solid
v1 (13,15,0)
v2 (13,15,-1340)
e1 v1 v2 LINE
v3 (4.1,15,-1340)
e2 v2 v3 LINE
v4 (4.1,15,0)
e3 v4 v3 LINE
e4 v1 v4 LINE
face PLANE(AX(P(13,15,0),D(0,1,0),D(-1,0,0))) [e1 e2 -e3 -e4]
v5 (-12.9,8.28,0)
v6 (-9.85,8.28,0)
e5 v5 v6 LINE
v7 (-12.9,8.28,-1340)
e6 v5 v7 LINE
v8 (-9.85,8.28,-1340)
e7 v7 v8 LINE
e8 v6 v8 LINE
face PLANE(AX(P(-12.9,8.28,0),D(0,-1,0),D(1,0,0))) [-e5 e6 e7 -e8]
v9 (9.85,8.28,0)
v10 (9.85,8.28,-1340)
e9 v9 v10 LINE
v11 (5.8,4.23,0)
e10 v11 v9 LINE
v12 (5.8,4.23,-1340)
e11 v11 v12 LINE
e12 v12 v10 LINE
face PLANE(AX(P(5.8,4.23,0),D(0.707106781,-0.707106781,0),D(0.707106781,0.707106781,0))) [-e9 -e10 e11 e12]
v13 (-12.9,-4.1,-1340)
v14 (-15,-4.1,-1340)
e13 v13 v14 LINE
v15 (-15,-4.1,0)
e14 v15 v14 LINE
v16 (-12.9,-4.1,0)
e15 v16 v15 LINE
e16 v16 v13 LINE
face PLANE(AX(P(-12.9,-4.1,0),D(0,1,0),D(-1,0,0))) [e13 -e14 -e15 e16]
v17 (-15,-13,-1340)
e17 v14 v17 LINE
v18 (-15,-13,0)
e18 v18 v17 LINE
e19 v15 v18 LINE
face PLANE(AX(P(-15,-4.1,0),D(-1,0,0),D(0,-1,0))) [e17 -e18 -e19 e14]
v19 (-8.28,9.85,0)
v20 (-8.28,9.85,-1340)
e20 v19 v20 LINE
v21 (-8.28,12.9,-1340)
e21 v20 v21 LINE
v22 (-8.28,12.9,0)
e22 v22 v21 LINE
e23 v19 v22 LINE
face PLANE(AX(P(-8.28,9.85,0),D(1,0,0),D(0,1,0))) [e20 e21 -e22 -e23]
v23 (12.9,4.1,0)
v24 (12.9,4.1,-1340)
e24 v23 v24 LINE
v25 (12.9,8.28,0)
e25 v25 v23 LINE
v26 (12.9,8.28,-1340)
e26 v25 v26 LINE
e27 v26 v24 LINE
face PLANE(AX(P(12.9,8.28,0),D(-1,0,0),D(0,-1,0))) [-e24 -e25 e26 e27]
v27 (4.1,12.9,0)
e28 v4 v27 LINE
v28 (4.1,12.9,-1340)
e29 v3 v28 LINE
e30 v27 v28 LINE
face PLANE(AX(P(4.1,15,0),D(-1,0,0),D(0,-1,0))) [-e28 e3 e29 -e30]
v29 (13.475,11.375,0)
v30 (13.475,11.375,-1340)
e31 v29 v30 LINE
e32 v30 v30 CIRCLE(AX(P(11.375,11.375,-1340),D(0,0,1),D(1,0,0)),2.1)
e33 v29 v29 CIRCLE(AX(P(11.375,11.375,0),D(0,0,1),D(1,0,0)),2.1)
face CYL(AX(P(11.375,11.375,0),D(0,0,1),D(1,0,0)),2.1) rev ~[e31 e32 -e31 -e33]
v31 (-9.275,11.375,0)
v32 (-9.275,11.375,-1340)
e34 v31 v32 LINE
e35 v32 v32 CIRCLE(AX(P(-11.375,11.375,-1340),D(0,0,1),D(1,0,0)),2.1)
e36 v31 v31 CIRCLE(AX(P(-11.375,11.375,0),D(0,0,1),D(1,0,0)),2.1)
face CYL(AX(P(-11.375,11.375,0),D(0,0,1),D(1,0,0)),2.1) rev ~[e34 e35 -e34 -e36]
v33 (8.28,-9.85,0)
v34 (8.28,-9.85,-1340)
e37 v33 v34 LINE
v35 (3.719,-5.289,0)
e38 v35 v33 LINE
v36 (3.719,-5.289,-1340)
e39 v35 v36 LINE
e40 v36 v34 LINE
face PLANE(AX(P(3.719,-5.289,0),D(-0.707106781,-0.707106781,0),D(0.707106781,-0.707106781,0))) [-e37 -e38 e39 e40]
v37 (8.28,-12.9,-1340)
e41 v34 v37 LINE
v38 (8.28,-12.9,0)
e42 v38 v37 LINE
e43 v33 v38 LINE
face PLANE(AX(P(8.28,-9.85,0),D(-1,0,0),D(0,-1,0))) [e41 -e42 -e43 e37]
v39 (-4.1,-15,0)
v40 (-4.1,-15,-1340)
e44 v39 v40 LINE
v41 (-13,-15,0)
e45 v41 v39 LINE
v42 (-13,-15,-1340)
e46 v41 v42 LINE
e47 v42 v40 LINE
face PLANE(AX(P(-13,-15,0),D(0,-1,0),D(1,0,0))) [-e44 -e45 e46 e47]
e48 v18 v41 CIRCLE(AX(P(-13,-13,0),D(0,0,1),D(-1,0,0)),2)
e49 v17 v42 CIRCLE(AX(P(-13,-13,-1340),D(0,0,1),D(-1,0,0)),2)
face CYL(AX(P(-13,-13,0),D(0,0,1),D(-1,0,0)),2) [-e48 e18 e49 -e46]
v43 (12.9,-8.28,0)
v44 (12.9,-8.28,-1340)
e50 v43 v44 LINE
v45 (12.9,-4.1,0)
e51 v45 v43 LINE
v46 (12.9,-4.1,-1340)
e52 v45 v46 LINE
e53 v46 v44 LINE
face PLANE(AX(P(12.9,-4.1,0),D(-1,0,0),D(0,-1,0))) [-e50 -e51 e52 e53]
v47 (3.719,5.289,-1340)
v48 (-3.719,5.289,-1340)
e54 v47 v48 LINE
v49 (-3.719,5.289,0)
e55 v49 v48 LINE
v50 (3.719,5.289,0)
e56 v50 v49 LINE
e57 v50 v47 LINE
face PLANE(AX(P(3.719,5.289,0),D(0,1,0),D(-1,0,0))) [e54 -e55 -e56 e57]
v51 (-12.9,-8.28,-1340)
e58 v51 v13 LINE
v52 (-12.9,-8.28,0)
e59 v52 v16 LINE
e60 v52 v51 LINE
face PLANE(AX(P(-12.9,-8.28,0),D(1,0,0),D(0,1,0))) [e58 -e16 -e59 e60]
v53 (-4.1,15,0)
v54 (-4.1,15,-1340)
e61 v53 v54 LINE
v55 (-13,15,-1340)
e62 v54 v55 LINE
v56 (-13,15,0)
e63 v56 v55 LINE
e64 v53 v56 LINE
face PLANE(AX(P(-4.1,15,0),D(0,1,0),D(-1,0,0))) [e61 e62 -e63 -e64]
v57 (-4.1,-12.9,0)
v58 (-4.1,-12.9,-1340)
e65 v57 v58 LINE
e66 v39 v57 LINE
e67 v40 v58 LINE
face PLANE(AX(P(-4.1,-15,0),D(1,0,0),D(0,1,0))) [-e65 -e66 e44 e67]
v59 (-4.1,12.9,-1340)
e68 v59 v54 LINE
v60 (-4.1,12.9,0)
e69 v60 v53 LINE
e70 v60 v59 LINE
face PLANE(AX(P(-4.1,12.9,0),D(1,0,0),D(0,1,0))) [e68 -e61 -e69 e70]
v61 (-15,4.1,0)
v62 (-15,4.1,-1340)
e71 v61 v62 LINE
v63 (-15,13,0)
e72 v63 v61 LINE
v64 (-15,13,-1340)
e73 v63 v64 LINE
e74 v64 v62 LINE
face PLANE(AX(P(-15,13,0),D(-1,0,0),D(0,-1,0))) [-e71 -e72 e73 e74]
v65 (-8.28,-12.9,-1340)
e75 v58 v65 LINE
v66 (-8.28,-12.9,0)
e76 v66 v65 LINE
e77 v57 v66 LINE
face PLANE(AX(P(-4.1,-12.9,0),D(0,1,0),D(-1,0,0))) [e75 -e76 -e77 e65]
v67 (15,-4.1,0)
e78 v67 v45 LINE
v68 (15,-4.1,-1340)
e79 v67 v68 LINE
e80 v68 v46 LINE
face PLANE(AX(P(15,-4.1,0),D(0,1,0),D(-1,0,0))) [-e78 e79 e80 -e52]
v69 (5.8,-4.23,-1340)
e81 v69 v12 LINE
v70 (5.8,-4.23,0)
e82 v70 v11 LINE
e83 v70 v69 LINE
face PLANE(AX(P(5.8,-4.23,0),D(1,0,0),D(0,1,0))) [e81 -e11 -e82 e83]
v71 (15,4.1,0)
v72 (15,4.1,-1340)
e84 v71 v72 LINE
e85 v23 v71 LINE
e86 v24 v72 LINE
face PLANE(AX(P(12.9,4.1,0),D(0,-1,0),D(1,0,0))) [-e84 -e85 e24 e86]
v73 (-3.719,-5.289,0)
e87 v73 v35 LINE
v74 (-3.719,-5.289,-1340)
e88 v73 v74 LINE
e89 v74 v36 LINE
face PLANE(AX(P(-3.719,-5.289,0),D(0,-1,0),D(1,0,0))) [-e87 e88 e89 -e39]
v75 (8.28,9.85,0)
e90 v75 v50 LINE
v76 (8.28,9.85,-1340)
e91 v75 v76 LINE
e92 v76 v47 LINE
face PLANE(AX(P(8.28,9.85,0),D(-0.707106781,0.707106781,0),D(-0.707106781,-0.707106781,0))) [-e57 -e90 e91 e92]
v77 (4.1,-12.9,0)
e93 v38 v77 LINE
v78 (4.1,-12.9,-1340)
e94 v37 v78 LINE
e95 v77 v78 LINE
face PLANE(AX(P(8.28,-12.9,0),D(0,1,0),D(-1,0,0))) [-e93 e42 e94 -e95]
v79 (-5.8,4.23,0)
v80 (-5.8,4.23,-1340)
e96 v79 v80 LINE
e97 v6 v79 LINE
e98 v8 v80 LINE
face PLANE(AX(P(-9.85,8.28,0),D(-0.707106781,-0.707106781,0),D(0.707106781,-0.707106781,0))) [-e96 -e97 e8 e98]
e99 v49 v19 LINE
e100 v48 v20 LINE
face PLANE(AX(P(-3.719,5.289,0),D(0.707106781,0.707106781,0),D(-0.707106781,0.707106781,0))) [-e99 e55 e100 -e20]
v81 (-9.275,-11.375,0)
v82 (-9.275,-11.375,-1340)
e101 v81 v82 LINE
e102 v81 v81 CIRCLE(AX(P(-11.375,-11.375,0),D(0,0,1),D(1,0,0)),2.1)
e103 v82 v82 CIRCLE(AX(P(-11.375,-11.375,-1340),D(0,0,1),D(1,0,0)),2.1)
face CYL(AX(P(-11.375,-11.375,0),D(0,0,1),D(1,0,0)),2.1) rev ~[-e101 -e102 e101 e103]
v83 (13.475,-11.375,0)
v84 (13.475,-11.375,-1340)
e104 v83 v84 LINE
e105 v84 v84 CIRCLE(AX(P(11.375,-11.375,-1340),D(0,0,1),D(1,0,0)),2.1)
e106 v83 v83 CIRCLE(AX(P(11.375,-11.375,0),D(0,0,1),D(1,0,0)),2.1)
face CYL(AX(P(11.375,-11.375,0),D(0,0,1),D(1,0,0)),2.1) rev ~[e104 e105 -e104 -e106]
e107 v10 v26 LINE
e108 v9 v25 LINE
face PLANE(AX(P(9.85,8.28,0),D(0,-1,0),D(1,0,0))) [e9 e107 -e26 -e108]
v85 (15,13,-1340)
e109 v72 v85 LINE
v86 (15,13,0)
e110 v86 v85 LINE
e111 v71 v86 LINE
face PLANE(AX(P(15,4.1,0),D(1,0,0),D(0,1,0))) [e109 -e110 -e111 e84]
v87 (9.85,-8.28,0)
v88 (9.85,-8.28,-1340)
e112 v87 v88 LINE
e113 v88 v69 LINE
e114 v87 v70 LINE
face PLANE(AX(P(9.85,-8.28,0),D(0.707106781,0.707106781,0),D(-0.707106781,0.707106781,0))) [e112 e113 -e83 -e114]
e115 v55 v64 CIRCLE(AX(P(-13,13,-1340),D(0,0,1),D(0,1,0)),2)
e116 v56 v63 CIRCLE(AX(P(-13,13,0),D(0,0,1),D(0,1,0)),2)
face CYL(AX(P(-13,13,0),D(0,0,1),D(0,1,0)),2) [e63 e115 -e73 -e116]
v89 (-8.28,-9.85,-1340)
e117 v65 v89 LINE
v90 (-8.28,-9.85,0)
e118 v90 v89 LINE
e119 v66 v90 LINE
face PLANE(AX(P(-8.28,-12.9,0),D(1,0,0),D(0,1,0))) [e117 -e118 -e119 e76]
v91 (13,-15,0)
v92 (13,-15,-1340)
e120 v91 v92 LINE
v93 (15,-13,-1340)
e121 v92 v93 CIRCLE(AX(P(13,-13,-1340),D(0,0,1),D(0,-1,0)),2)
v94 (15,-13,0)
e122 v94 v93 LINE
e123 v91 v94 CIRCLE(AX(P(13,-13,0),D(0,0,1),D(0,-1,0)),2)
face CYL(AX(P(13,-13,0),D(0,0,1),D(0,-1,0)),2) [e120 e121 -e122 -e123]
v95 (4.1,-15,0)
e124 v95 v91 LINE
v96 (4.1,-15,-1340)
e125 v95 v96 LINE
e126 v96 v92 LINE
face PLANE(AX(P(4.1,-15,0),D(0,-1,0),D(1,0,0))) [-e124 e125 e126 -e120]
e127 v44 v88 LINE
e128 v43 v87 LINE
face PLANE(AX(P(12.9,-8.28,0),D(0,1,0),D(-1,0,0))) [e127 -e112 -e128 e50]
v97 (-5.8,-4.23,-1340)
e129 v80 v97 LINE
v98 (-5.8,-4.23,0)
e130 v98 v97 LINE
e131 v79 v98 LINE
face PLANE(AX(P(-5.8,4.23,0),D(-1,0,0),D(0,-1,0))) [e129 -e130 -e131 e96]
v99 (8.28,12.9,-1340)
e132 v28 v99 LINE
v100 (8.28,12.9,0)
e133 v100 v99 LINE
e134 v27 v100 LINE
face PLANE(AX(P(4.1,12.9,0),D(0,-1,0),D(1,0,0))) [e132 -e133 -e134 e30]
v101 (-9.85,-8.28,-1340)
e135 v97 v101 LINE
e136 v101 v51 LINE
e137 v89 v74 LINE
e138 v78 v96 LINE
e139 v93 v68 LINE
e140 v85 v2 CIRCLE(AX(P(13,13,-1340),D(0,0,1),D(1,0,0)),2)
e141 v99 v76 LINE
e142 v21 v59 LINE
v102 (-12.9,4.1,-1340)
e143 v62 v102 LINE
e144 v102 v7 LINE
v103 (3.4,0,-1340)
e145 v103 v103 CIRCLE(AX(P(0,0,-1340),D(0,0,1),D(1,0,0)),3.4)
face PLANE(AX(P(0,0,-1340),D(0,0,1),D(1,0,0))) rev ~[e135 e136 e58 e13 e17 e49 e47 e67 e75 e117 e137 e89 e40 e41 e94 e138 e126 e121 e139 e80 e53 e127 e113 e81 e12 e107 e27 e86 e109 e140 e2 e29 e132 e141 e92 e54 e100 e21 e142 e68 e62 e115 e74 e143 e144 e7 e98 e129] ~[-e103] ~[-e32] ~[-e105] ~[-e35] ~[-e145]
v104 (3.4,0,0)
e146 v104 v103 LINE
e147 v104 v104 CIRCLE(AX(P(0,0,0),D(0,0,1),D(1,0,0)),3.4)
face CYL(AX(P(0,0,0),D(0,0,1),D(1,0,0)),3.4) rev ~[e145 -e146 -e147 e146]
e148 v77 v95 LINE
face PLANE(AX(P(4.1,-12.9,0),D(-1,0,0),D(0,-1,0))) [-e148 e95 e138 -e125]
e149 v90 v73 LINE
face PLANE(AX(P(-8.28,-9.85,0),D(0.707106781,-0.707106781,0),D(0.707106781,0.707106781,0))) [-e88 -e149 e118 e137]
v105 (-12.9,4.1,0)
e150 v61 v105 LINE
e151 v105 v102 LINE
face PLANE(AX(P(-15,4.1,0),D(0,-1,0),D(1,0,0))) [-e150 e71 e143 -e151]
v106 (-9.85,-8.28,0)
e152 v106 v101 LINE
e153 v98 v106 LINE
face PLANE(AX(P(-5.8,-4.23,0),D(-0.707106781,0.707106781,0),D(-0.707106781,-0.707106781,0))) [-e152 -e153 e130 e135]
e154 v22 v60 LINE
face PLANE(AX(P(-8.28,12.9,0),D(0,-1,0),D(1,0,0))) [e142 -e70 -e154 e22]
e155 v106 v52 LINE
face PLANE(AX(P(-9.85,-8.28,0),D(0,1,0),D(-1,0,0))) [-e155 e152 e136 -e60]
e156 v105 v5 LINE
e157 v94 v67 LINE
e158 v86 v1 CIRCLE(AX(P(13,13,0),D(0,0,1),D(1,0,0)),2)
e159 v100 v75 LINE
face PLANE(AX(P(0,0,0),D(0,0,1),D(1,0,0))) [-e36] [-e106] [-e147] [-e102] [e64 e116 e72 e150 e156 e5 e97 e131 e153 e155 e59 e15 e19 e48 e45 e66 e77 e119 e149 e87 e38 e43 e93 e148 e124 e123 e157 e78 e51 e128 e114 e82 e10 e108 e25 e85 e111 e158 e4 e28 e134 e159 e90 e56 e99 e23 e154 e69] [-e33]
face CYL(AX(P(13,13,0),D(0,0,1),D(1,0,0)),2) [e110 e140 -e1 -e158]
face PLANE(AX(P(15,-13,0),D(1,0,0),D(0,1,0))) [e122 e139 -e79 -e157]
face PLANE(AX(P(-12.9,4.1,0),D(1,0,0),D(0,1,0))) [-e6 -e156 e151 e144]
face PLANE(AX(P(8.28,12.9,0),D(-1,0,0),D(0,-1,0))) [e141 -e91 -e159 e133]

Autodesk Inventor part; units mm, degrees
ref_plane "YZ Plane" through (0, 0, 0) normal (1, 0, 0) x (0, 1, 0)
ref_plane "XZ Plane" through (0, 0, 0) normal (0, 1, 0) x (-1, 0, 0)
ref_plane "XY Plane" through (0, 0, 0) normal (0, 0, 1) x (1, 0, 0)
sketch "Sketch1" plane through (0, 0, 0) normal (0, 0, 1) x (1, 0, 0)
  circle A0 centre (-11.375, 11.375) radius 2.1
  circle A1 centre (-11.375, -11.375) radius 2.1
  line L0 (-15, 4.1) -> (-12.9, 4.1)
  line L1 (-12.9, 4.1) -> (-12.9, 8.28)
  line L2 (-12.9, 8.28) -> (-9.85, 8.28)
  line L3 (-9.85, 8.28) -> (-5.8, 4.23)
  line L4 (-5.8, 4.23) -> (-5.8, -4.23)
  line L5 (-5.8, -4.23) -> (-9.85, -8.28)
  line L6 (-9.85, -8.28) -> (-12.9, -8.28)
  line L7 (-12.9, -8.28) -> (-12.9, -4.1)
  line L8 (-12.9, -4.1) -> (-15, -4.1)
  line L9 (-15, -4.1) -> (-15, -13)
  arc A2 (-15, -13) -> (-13, -15) centre (-13, -13) ccw
  line L10 (-13, -15) -> (-4.1, -15)
  line L11 (-4.1, -15) -> (-4.1, -12.9)
  line L12 (-4.1, -12.9) -> (-8.28, -12.9)
  line L13 (-8.28, -12.9) -> (-8.28, -9.85)
  line L14 (-8.28, -9.85) -> (-3.719, -5.289)
  line L15 (-3.719, -5.289) -> (3.719, -5.289)
  line L16 (3.719, -5.289) -> (8.28, -9.85)
  line L17 (8.28, -9.85) -> (8.28, -12.9)
  line L18 (8.28, -12.9) -> (4.1, -12.9)
  line L19 (4.1, -12.9) -> (4.1, -15)
  line L20 (4.1, -15) -> (13, -15)
  arc A3 (13, -15) -> (15, -13) centre (13, -13) ccw
  line L21 (15, -13) -> (15, -4.1)
  line L22 (15, -4.1) -> (12.9, -4.1)
  line L23 (12.9, -4.1) -> (12.9, -8.28)
  line L24 (12.9, -8.28) -> (9.85, -8.28)
  line L25 (9.85, -8.28) -> (5.8, -4.23)
  line L26 (5.8, -4.23) -> (5.8, 4.23)
  line L27 (5.8, 4.23) -> (9.85, 8.28)
  line L28 (9.85, 8.28) -> (12.9, 8.28)
  line L29 (12.9, 8.28) -> (12.9, 4.1)
  line L30 (12.9, 4.1) -> (15, 4.1)
  line L31 (15, 4.1) -> (15, 13)
  arc A4 (15, 13) -> (13, 15) centre (13, 13) ccw
  line L32 (13, 15) -> (4.1, 15)
  line L33 (4.1, 15) -> (4.1, 12.9)
  line L34 (4.1, 12.9) -> (8.28, 12.9)
  line L35 (8.28, 12.9) -> (8.28, 9.85)
  line L36 (8.28, 9.85) -> (3.719, 5.289)
  line L37 (3.719, 5.289) -> (-3.719, 5.289)
  line L38 (-3.719, 5.289) -> (-8.28, 9.85)
  line L39 (-8.28, 9.85) -> (-8.28, 12.9)
  line L40 (-8.28, 12.9) -> (-4.1, 12.9)
  line L41 (-4.1, 12.9) -> (-4.1, 15)
  line L42 (-4.1, 15) -> (-13, 15)
  arc A5 (-13, 15) -> (-15, 13) centre (-13, 13) ccw
  line L43 (-15, 13) -> (-15, 4.1)
  circle A6 centre (0, 0) radius 3.4
  circle A7 centre (11.375, 11.375) radius 2.1
  circle A8 centre (11.375, -11.375) radius 2.1
extrude "Extrusion1" add sketch "Sketch1" against normal blind 1340
properties part number "Metal Profile 134 cm" material "Aluminum 6061-AHC"
